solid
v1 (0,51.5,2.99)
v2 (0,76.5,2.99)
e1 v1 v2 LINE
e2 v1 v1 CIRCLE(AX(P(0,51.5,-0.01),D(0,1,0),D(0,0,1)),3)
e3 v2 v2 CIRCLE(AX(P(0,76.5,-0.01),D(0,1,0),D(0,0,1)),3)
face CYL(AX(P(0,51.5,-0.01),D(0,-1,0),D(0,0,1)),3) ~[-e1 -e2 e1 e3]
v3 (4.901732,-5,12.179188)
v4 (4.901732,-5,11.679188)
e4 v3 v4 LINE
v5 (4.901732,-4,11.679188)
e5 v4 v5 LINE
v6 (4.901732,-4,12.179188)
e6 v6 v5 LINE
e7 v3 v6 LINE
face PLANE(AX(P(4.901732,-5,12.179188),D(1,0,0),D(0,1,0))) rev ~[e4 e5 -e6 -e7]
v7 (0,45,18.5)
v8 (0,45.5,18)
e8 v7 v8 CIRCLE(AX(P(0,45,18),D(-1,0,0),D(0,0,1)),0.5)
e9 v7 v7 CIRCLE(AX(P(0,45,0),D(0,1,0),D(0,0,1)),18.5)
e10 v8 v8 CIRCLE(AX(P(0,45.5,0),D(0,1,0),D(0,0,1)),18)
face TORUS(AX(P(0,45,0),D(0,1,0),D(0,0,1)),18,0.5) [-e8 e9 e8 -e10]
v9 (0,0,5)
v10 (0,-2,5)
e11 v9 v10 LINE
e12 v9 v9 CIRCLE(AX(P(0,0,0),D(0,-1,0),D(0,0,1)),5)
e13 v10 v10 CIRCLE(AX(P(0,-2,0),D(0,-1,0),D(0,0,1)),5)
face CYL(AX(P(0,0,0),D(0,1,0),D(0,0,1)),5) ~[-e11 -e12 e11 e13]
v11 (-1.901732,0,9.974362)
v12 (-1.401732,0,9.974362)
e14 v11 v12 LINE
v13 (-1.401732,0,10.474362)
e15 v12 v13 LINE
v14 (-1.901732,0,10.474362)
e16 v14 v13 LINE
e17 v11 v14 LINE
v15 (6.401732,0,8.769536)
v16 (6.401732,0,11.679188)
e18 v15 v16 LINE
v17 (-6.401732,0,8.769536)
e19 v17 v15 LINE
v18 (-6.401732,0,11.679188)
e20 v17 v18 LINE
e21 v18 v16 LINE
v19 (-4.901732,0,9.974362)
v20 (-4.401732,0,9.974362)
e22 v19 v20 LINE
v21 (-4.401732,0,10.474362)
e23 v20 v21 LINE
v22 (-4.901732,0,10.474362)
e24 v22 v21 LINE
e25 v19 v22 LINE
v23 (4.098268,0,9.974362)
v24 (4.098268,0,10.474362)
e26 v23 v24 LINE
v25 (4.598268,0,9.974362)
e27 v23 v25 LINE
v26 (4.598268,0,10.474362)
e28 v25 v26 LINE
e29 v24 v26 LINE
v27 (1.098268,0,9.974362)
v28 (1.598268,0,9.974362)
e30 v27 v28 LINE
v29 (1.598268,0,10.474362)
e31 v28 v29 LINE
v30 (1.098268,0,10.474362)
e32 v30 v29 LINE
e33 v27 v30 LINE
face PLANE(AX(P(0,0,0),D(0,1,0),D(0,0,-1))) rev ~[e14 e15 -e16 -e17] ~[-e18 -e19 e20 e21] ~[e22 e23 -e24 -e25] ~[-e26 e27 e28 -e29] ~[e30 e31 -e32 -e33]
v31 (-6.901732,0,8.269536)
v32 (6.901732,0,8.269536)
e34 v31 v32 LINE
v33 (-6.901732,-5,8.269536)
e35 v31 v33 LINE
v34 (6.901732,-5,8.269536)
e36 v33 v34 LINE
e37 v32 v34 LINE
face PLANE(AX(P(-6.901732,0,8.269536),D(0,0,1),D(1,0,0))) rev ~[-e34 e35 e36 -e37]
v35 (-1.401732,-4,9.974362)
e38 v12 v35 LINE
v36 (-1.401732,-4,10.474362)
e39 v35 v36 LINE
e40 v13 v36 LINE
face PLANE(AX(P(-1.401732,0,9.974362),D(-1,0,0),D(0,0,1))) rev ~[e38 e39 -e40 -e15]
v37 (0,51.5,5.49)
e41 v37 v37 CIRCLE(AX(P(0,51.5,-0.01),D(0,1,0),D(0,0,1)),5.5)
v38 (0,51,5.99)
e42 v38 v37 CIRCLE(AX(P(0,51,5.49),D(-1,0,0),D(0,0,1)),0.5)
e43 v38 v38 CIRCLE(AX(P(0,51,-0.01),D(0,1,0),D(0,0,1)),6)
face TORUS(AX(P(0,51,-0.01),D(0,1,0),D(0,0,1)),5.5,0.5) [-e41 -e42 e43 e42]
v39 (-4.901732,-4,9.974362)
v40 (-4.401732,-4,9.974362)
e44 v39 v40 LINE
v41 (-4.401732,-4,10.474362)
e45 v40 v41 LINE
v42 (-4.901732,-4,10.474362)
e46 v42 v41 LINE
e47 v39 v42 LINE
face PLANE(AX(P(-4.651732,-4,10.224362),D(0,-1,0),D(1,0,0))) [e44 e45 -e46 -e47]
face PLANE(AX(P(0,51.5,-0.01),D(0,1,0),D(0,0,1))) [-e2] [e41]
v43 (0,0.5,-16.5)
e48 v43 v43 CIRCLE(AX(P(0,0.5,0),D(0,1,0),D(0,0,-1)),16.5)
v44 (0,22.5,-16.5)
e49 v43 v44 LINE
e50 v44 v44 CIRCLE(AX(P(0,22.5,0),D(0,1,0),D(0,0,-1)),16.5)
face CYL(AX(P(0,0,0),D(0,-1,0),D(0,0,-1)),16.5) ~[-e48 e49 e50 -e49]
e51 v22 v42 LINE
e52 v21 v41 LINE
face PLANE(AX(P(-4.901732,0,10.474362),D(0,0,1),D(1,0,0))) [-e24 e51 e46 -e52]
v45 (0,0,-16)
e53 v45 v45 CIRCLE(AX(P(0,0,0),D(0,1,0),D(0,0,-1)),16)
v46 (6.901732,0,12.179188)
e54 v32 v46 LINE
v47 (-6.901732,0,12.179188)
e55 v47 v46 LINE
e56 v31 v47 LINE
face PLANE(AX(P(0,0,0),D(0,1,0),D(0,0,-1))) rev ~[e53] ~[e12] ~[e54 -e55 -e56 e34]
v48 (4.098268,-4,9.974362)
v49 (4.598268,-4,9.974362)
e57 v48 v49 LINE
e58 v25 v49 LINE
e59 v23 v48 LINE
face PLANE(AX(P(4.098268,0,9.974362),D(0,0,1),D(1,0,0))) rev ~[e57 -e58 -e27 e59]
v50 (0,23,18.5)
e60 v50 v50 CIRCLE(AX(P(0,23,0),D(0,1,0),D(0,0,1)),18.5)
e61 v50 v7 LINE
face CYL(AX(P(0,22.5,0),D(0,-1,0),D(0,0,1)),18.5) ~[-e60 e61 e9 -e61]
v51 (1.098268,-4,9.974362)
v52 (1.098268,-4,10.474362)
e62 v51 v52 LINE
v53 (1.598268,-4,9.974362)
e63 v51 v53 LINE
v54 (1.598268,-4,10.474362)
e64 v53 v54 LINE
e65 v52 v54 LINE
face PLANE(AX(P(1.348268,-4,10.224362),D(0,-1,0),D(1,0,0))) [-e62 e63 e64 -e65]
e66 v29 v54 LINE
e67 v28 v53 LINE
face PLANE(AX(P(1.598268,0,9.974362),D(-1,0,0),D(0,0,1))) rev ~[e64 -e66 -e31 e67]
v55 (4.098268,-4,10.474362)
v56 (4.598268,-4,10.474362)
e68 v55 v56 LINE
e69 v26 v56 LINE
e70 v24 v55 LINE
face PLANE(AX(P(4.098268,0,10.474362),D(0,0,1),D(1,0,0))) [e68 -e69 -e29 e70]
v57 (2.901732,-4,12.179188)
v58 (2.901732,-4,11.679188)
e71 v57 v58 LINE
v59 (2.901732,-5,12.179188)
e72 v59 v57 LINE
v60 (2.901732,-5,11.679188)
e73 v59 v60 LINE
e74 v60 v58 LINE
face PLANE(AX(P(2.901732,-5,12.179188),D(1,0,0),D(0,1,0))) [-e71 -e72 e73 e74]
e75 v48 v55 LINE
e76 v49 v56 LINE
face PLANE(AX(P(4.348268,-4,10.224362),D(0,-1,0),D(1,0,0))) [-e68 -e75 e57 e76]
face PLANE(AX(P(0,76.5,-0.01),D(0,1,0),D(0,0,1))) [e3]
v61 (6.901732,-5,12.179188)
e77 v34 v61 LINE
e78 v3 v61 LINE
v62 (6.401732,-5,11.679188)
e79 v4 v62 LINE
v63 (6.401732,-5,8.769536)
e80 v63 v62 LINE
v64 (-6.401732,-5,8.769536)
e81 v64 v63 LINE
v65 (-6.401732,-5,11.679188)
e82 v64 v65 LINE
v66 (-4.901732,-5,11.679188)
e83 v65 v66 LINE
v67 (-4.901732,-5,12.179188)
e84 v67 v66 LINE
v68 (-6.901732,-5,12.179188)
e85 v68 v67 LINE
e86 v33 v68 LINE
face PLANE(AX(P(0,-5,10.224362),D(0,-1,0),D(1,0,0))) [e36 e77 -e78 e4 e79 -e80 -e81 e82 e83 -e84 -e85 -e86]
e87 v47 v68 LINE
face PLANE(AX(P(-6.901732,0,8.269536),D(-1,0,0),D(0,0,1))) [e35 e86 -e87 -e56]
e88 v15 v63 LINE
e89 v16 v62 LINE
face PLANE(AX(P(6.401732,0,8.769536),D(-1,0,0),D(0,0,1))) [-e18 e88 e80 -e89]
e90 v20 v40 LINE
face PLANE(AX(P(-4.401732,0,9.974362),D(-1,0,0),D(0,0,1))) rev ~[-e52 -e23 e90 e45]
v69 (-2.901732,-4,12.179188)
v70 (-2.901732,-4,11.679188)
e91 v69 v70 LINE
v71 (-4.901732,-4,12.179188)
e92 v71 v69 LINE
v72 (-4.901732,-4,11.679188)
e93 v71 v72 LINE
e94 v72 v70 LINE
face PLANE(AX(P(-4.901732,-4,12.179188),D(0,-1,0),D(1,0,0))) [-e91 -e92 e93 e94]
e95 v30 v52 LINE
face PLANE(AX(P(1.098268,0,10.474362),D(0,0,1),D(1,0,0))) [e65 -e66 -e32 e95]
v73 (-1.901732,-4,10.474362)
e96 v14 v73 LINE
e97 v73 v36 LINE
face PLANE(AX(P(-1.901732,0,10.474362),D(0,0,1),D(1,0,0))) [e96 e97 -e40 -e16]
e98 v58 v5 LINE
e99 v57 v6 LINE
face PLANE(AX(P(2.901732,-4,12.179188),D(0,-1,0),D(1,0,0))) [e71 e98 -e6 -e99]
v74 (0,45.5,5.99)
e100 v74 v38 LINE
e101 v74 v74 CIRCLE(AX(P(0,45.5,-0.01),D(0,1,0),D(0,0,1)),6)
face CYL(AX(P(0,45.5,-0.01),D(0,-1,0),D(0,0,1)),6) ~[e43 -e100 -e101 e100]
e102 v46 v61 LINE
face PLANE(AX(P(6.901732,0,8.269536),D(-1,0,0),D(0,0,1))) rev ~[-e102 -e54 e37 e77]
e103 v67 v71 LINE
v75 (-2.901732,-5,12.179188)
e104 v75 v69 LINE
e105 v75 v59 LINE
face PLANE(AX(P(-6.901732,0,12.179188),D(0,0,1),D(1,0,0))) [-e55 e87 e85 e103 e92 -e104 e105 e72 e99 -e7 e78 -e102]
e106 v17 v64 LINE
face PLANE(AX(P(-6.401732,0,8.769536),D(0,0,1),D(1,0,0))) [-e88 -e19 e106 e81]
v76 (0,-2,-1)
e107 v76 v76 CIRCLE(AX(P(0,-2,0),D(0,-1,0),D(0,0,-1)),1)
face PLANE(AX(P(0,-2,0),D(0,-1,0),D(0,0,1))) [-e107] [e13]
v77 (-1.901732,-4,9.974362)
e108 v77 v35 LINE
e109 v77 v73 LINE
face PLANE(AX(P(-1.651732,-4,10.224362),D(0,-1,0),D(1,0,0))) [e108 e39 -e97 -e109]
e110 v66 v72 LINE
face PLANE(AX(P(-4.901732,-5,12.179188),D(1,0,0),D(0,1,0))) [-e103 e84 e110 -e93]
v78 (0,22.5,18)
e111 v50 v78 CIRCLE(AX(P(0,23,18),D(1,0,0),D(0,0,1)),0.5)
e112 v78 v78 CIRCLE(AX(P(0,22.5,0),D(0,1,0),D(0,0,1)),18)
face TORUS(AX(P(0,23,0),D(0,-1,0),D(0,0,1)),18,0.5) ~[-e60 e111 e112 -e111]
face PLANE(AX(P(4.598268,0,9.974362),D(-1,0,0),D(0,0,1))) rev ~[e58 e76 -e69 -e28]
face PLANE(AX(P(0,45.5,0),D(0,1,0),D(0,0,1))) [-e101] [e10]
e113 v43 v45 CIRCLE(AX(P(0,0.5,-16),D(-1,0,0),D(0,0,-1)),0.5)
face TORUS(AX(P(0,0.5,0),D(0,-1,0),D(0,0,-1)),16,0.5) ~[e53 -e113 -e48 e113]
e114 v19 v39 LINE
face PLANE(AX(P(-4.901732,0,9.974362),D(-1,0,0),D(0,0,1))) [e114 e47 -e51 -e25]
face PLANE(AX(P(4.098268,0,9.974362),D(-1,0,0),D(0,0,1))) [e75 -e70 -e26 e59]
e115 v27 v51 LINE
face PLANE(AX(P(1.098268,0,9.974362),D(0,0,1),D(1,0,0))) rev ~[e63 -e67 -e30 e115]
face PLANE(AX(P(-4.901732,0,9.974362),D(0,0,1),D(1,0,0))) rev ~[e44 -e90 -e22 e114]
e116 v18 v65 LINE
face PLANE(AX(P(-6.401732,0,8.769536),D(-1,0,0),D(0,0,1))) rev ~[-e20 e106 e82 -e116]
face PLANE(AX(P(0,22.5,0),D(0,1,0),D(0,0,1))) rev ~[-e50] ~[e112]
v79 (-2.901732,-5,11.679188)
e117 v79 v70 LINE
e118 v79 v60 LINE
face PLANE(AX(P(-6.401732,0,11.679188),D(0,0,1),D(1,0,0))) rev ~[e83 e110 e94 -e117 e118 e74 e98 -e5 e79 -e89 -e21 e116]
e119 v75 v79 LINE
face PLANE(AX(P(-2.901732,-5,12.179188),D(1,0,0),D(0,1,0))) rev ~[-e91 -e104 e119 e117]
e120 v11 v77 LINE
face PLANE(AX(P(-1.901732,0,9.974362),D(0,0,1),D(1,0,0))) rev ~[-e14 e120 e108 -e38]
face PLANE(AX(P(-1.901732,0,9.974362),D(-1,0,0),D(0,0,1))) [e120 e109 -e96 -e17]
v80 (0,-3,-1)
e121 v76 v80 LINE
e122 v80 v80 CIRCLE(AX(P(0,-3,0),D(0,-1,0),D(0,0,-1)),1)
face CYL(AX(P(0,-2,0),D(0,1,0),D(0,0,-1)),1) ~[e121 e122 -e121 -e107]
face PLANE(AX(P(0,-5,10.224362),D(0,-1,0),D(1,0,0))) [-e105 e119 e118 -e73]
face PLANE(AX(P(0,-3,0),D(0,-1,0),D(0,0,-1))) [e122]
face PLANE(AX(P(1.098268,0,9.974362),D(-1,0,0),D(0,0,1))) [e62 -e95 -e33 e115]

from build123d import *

# Parameters (mm, degrees)
SKETCH1_R           = 16.5
BOSS_EXTRUDE1_DEPTH = 22.5
SKETCH2_R           = 18.5
BOSS_EXTRUDE2_DEPTH = 23
SKETCH3_R           = 6
BOSS_EXTRUDE3_DEPTH = 6
SKETCH4_R           = 3
BOSS_EXTRUDE4_DEPTH = 25
FILLET4_R           = 0.5
FILLET5_R           = 0.5
FILLET6_R           = 0.5
FILLET7_R           = 0.5
SKETCH9_R           = 5
BOSS_EXTRUDE5_DEPTH = 2
SKETCH10_R          = 1
BOSS_EXTRUDE6_DEPTH = 1
SKETCH11_W          = 13.803464896
SKETCH11_H          = 3.909651907
SKETCH11_W_2        = 12.803464896
SKETCH11_H_2        = 2.909651907
BOSS_EXTRUDE7_DEPTH = 5
SKETCH12_W          = 2
SKETCH12_H          = 1
CUT_EXTRUDE5_DEPTH  = 2
SKETCH13_W          = 0.5
SKETCH13_H          = 0.5
BOSS_EXTRUDE8_DEPTH = 4


with BuildPart() as part:
    # Sketch1 → Boss-Extrude1 (new body)
    with BuildSketch(Plane(origin=(0, 0, 0), x_dir=(1, 0, 0), z_dir=(0, 1, 0))):
        with Locations(Location((0, 0, 0), (0, 0, 90))):
            Circle(SKETCH1_R)
    extrude(amount=BOSS_EXTRUDE1_DEPTH)

    # Sketch2 → Boss-Extrude2 (add)
    with BuildSketch(Plane(origin=(0, 22.5, 0), x_dir=(1, 0, 0), z_dir=(0, 1, 0))):
        with Locations(Location((0, 0, 0), (0, 0, 270))):
            Circle(SKETCH2_R)
    extrude(amount=BOSS_EXTRUDE2_DEPTH)

    # Sketch3 → Boss-Extrude3 (add)
    with BuildSketch(Plane(origin=(0, 45.5, 0), x_dir=(1, 0, 0), z_dir=(0, 1, 0))):
        with Locations(Location((0, 0.01, 0), (0, 0, 270))):
            Circle(SKETCH3_R)
    extrude(amount=BOSS_EXTRUDE3_DEPTH)

    # Sketch4 → Boss-Extrude4 (add)
    with BuildSketch(Plane(origin=(0, 51.5, 0), x_dir=(1, 0, 0), z_dir=(0, 1, 0))):
        with Locations(Location((0, 0.01, 0), (0, 0, 270))):
            Circle(SKETCH4_R)
    extrude(amount=BOSS_EXTRUDE4_DEPTH)

    # Fillet4
    fillet4_edges = [part.edges().sort_by_distance(p)[0] for p in [
        (0, 22.5, -18.5),
    ]]
    fillet(fillet4_edges, radius=FILLET4_R)

    # Fillet5
    fillet5_edges = [part.edges().sort_by_distance(p)[0] for p in [
        (0, 0, 16.5),
    ]]
    fillet(fillet5_edges, radius=FILLET5_R)

    # Fillet6
    fillet6_edges = [part.edges().sort_by_distance(p)[0] for p in [
        (0, 45.5, -18.5),
    ]]
    fillet(fillet6_edges, radius=FILLET6_R)

    # Fillet7
    fillet7_edges = [part.edges().sort_by_distance(p)[0] for p in [
        (0, 51.5, -6.01),
    ]]
    fillet(fillet7_edges, radius=FILLET7_R)

    # Sketch9 → Boss-Extrude5 (add)
    with BuildSketch(Plane.XZ):
        with Locations(Location((0, 0, 0), (0, 0, 90))):
            Circle(SKETCH9_R)
    extrude(amount=BOSS_EXTRUDE5_DEPTH)

    # Sketch10 → Boss-Extrude6 (add)
    with BuildSketch(Plane.XZ.offset(2)):
        with Locations(Location((0, 0, 0), (0, 0, 270))):
            Circle(SKETCH10_R)
    extrude(amount=BOSS_EXTRUDE6_DEPTH)

    # Sketch11 → Boss-Extrude7 (add)
    with BuildSketch(Plane.XZ):
        with Locations((0, 10.224361626)):
            Rectangle(SKETCH11_W, SKETCH11_H)
        with Locations((0, 10.224361626)):
            Rectangle(SKETCH11_W_2, SKETCH11_H_2, mode=Mode.SUBTRACT)
    extrude(amount=BOSS_EXTRUDE7_DEPTH)

    # Sketch12 → Cut-Extrude5 (cut)
    with BuildSketch(Plane.XY.offset(12.179187579)):
        with Locations((-3.901732448, -4.5)):
            Rectangle(SKETCH12_W, SKETCH12_H)
        with Locations((3.901732448, -4.5)):
            Rectangle(SKETCH12_W, SKETCH12_H)
    extrude(amount=-CUT_EXTRUDE5_DEPTH, mode=Mode.SUBTRACT)

    # Sketch13 → Boss-Extrude8 (add)
    with BuildSketch(Plane.XZ):
        with Locations((-4.651732448, 10.224361626)):
            Rectangle(SKETCH13_W, SKETCH13_H)
        with Locations((-1.651732448, 10.224361626)):
            Rectangle(SKETCH13_W, SKETCH13_H)
        with Locations((1.348267552, 10.224361626)):
            Rectangle(SKETCH13_W, SKETCH13_H)
        with Locations((4.348267552, 10.224361626)):
            Rectangle(SKETCH13_W, SKETCH13_H)
    extrude(amount=BOSS_EXTRUDE8_DEPTH)


solid = part.part
